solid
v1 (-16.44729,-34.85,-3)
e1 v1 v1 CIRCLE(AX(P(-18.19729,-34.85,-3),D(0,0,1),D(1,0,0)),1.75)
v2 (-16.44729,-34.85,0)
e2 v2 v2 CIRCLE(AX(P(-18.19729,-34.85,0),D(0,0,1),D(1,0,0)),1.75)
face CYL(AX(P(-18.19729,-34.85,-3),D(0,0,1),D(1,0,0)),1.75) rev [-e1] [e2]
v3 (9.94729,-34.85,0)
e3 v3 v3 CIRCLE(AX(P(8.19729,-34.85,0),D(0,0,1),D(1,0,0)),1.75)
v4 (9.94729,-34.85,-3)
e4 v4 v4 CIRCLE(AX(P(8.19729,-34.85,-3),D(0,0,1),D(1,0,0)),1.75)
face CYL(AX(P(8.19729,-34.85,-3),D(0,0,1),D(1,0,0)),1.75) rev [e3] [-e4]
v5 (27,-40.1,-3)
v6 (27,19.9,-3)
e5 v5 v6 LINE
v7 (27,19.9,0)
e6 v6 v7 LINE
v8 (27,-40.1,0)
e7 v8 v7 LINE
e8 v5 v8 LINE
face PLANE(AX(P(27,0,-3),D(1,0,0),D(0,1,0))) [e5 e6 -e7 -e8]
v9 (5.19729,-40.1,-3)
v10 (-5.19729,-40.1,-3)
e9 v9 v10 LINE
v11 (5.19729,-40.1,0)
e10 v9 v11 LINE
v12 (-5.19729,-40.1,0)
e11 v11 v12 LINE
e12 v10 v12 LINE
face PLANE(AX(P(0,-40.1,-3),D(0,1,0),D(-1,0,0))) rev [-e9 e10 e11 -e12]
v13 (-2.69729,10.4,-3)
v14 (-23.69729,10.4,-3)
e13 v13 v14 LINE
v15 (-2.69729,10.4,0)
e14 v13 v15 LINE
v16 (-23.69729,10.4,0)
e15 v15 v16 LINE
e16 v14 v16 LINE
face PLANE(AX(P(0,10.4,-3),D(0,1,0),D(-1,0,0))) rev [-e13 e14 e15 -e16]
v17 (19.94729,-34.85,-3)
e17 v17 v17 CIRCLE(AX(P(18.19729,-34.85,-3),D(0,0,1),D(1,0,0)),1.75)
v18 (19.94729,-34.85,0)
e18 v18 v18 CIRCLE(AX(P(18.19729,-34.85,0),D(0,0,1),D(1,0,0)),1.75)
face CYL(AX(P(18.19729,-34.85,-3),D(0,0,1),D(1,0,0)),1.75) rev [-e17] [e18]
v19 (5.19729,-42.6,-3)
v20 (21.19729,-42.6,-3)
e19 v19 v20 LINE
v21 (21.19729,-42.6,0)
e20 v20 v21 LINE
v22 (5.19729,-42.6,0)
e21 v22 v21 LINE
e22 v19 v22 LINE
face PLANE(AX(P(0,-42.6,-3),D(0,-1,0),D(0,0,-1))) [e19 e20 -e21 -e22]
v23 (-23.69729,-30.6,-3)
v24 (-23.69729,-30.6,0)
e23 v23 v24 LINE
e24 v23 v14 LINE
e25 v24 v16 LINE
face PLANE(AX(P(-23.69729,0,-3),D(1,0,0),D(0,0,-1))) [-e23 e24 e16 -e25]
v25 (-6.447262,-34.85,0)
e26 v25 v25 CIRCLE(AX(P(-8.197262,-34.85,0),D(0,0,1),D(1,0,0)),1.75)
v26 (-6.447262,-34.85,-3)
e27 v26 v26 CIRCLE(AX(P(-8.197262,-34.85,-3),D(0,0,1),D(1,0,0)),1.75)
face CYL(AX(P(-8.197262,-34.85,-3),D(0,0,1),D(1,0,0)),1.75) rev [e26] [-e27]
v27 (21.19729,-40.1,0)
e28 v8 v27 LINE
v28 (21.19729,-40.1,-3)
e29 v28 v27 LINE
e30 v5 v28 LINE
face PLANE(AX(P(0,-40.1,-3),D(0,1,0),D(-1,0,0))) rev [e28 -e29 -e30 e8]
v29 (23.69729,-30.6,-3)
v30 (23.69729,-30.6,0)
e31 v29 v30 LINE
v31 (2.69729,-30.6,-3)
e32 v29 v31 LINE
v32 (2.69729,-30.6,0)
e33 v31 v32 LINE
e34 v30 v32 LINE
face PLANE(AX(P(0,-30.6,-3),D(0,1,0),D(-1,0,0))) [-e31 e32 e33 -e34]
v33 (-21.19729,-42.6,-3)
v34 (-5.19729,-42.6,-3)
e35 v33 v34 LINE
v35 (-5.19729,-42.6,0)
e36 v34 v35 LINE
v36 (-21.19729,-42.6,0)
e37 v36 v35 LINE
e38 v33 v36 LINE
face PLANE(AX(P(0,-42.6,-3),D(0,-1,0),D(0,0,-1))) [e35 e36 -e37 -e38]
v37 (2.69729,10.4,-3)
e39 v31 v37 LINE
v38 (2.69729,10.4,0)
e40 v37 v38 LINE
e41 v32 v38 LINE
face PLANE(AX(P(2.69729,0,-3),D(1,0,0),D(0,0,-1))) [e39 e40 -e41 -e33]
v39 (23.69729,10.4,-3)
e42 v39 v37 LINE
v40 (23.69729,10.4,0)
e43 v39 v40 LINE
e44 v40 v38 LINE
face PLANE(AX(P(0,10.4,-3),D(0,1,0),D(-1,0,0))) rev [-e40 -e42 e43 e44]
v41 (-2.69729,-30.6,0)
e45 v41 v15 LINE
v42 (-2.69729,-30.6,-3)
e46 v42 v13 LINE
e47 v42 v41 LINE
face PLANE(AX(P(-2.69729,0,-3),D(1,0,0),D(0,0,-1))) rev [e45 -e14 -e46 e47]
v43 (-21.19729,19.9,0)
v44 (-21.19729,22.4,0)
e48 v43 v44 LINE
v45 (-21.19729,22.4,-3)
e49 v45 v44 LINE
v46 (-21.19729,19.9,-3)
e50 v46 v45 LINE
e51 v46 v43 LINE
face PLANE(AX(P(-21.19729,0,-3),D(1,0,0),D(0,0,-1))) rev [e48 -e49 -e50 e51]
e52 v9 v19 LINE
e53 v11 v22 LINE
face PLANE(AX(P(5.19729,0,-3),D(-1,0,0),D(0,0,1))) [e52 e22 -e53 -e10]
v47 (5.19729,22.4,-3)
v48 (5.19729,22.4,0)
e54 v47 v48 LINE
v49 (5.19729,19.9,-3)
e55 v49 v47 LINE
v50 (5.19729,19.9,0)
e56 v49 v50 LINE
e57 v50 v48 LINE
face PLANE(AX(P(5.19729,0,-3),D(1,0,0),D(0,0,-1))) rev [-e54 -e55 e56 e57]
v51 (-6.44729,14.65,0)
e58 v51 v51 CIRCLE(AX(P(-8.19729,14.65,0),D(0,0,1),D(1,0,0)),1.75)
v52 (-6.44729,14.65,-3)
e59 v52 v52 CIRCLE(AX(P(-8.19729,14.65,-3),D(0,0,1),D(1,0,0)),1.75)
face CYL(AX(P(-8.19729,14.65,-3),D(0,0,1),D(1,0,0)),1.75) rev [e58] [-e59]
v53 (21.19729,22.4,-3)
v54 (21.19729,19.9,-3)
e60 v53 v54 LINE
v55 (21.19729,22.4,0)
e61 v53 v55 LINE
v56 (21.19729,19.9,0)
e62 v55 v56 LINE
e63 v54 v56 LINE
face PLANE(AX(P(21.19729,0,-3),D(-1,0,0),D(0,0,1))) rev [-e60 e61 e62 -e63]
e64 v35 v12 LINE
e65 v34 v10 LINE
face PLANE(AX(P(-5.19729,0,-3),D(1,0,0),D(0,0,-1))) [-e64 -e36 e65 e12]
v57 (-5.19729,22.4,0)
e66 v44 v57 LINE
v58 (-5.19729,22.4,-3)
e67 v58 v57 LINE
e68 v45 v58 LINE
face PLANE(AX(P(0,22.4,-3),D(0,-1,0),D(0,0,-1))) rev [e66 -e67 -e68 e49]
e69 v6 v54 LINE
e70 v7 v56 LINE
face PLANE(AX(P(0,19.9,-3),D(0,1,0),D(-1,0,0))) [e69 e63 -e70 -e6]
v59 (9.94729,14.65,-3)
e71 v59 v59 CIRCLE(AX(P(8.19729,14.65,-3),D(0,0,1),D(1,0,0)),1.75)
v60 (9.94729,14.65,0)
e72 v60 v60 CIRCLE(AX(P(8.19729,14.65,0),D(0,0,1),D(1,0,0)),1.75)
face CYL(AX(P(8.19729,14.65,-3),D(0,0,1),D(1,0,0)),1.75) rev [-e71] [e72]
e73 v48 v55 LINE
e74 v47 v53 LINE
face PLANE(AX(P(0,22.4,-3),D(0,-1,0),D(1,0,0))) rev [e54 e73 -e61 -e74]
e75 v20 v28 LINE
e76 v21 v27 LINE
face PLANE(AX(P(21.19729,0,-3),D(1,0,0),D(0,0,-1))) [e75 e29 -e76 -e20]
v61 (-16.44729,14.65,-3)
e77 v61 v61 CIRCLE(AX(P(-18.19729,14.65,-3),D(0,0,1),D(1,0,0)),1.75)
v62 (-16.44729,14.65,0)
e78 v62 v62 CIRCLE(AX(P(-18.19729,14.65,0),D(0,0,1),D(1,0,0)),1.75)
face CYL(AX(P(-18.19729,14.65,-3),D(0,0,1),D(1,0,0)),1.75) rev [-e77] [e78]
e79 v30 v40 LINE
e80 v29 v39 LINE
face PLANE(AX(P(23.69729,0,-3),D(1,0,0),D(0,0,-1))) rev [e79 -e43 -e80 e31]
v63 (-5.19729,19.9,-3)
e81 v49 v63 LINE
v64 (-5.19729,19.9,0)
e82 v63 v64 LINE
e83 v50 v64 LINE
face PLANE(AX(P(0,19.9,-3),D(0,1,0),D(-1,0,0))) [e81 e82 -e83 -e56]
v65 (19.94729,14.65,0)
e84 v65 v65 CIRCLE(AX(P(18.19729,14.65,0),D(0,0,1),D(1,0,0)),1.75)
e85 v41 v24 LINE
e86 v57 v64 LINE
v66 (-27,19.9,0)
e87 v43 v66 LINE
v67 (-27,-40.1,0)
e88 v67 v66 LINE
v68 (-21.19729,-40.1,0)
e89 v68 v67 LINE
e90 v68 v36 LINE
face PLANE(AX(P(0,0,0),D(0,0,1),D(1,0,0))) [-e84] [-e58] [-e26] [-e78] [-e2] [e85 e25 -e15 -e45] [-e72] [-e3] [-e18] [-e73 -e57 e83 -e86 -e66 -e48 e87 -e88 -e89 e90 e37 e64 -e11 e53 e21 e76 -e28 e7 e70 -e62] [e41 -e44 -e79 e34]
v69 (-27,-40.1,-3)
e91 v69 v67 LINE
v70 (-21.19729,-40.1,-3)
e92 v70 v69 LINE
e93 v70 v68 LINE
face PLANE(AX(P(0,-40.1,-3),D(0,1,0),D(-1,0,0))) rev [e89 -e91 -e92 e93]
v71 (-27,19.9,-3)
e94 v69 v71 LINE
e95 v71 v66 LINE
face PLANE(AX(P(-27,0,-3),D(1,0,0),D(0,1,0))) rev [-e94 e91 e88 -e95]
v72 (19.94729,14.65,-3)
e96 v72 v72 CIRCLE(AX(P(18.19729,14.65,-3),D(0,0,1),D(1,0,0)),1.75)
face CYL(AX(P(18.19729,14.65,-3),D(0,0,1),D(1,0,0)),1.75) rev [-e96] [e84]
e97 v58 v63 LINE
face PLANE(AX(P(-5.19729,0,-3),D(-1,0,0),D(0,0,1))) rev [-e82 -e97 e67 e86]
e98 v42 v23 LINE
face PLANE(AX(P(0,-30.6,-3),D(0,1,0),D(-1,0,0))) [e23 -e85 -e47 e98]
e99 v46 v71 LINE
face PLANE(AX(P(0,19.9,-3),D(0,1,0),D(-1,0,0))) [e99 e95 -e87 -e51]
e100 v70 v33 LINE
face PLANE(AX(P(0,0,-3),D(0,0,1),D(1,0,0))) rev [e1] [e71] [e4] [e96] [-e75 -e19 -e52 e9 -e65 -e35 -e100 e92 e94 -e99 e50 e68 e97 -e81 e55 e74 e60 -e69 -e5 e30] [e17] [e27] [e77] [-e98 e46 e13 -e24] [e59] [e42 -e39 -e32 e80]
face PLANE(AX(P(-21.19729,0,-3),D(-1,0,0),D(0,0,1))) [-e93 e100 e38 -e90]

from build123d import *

# Parameters (mm, degrees)
SKETCH_1_W      = 54
SKETCH_1_H      = 60
SKETCH_1_R      = 1.75
SKETCH_1_W_2    = 21
SKETCH_1_H_2    = 41
SKETCH_1_W_3    = 16
SKETCH_1_H_3    = 2.5
EXTRUDE_1_DEPTH = 3


with BuildPart() as part:
    # Эскиз1 → Бобышка-Вытянуть1 (new body)
    with BuildSketch(Plane.XY):
        with Locations((0, -10.1)):
            Rectangle(SKETCH_1_W, SKETCH_1_H)
        with Locations((-18.19729, 14.65)):
            Circle(SKETCH_1_R, mode=Mode.SUBTRACT)
        with Locations((-8.19729, 14.65)):
            Circle(SKETCH_1_R, mode=Mode.SUBTRACT)
        with Locations((8.19729, 14.65)):
            Circle(SKETCH_1_R, mode=Mode.SUBTRACT)
        with Locations((18.19729, 14.65)):
            Circle(SKETCH_1_R, mode=Mode.SUBTRACT)
        with Locations((18.19729, -34.85)):
            Circle(SKETCH_1_R, mode=Mode.SUBTRACT)
        with Locations((8.19729, -34.85)):
            Circle(SKETCH_1_R, mode=Mode.SUBTRACT)
        with Locations((-8.197262, -34.85)):
            Circle(SKETCH_1_R, mode=Mode.SUBTRACT)
        with Locations((-18.19729, -34.85)):
            Circle(SKETCH_1_R, mode=Mode.SUBTRACT)
        with Locations((-13.19729, -10.1)):
            Rectangle(SKETCH_1_W_2, SKETCH_1_H_2, mode=Mode.SUBTRACT)
        with Locations((13.19729, -10.1)):
            Rectangle(SKETCH_1_W_2, SKETCH_1_H_2, mode=Mode.SUBTRACT)
        with Locations((-13.19729, 21.15)):
            Rectangle(SKETCH_1_W_3, SKETCH_1_H_3)
        with Locations((13.19729, 21.15)):
            Rectangle(SKETCH_1_W_3, SKETCH_1_H_3)
        with Locations((13.19729, -41.35)):
            Rectangle(SKETCH_1_W_3, SKETCH_1_H_3)
        with Locations((-13.19729, -41.35)):
            Rectangle(SKETCH_1_W_3, SKETCH_1_H_3)
    extrude(amount=-EXTRUDE_1_DEPTH)


solid = part.part
